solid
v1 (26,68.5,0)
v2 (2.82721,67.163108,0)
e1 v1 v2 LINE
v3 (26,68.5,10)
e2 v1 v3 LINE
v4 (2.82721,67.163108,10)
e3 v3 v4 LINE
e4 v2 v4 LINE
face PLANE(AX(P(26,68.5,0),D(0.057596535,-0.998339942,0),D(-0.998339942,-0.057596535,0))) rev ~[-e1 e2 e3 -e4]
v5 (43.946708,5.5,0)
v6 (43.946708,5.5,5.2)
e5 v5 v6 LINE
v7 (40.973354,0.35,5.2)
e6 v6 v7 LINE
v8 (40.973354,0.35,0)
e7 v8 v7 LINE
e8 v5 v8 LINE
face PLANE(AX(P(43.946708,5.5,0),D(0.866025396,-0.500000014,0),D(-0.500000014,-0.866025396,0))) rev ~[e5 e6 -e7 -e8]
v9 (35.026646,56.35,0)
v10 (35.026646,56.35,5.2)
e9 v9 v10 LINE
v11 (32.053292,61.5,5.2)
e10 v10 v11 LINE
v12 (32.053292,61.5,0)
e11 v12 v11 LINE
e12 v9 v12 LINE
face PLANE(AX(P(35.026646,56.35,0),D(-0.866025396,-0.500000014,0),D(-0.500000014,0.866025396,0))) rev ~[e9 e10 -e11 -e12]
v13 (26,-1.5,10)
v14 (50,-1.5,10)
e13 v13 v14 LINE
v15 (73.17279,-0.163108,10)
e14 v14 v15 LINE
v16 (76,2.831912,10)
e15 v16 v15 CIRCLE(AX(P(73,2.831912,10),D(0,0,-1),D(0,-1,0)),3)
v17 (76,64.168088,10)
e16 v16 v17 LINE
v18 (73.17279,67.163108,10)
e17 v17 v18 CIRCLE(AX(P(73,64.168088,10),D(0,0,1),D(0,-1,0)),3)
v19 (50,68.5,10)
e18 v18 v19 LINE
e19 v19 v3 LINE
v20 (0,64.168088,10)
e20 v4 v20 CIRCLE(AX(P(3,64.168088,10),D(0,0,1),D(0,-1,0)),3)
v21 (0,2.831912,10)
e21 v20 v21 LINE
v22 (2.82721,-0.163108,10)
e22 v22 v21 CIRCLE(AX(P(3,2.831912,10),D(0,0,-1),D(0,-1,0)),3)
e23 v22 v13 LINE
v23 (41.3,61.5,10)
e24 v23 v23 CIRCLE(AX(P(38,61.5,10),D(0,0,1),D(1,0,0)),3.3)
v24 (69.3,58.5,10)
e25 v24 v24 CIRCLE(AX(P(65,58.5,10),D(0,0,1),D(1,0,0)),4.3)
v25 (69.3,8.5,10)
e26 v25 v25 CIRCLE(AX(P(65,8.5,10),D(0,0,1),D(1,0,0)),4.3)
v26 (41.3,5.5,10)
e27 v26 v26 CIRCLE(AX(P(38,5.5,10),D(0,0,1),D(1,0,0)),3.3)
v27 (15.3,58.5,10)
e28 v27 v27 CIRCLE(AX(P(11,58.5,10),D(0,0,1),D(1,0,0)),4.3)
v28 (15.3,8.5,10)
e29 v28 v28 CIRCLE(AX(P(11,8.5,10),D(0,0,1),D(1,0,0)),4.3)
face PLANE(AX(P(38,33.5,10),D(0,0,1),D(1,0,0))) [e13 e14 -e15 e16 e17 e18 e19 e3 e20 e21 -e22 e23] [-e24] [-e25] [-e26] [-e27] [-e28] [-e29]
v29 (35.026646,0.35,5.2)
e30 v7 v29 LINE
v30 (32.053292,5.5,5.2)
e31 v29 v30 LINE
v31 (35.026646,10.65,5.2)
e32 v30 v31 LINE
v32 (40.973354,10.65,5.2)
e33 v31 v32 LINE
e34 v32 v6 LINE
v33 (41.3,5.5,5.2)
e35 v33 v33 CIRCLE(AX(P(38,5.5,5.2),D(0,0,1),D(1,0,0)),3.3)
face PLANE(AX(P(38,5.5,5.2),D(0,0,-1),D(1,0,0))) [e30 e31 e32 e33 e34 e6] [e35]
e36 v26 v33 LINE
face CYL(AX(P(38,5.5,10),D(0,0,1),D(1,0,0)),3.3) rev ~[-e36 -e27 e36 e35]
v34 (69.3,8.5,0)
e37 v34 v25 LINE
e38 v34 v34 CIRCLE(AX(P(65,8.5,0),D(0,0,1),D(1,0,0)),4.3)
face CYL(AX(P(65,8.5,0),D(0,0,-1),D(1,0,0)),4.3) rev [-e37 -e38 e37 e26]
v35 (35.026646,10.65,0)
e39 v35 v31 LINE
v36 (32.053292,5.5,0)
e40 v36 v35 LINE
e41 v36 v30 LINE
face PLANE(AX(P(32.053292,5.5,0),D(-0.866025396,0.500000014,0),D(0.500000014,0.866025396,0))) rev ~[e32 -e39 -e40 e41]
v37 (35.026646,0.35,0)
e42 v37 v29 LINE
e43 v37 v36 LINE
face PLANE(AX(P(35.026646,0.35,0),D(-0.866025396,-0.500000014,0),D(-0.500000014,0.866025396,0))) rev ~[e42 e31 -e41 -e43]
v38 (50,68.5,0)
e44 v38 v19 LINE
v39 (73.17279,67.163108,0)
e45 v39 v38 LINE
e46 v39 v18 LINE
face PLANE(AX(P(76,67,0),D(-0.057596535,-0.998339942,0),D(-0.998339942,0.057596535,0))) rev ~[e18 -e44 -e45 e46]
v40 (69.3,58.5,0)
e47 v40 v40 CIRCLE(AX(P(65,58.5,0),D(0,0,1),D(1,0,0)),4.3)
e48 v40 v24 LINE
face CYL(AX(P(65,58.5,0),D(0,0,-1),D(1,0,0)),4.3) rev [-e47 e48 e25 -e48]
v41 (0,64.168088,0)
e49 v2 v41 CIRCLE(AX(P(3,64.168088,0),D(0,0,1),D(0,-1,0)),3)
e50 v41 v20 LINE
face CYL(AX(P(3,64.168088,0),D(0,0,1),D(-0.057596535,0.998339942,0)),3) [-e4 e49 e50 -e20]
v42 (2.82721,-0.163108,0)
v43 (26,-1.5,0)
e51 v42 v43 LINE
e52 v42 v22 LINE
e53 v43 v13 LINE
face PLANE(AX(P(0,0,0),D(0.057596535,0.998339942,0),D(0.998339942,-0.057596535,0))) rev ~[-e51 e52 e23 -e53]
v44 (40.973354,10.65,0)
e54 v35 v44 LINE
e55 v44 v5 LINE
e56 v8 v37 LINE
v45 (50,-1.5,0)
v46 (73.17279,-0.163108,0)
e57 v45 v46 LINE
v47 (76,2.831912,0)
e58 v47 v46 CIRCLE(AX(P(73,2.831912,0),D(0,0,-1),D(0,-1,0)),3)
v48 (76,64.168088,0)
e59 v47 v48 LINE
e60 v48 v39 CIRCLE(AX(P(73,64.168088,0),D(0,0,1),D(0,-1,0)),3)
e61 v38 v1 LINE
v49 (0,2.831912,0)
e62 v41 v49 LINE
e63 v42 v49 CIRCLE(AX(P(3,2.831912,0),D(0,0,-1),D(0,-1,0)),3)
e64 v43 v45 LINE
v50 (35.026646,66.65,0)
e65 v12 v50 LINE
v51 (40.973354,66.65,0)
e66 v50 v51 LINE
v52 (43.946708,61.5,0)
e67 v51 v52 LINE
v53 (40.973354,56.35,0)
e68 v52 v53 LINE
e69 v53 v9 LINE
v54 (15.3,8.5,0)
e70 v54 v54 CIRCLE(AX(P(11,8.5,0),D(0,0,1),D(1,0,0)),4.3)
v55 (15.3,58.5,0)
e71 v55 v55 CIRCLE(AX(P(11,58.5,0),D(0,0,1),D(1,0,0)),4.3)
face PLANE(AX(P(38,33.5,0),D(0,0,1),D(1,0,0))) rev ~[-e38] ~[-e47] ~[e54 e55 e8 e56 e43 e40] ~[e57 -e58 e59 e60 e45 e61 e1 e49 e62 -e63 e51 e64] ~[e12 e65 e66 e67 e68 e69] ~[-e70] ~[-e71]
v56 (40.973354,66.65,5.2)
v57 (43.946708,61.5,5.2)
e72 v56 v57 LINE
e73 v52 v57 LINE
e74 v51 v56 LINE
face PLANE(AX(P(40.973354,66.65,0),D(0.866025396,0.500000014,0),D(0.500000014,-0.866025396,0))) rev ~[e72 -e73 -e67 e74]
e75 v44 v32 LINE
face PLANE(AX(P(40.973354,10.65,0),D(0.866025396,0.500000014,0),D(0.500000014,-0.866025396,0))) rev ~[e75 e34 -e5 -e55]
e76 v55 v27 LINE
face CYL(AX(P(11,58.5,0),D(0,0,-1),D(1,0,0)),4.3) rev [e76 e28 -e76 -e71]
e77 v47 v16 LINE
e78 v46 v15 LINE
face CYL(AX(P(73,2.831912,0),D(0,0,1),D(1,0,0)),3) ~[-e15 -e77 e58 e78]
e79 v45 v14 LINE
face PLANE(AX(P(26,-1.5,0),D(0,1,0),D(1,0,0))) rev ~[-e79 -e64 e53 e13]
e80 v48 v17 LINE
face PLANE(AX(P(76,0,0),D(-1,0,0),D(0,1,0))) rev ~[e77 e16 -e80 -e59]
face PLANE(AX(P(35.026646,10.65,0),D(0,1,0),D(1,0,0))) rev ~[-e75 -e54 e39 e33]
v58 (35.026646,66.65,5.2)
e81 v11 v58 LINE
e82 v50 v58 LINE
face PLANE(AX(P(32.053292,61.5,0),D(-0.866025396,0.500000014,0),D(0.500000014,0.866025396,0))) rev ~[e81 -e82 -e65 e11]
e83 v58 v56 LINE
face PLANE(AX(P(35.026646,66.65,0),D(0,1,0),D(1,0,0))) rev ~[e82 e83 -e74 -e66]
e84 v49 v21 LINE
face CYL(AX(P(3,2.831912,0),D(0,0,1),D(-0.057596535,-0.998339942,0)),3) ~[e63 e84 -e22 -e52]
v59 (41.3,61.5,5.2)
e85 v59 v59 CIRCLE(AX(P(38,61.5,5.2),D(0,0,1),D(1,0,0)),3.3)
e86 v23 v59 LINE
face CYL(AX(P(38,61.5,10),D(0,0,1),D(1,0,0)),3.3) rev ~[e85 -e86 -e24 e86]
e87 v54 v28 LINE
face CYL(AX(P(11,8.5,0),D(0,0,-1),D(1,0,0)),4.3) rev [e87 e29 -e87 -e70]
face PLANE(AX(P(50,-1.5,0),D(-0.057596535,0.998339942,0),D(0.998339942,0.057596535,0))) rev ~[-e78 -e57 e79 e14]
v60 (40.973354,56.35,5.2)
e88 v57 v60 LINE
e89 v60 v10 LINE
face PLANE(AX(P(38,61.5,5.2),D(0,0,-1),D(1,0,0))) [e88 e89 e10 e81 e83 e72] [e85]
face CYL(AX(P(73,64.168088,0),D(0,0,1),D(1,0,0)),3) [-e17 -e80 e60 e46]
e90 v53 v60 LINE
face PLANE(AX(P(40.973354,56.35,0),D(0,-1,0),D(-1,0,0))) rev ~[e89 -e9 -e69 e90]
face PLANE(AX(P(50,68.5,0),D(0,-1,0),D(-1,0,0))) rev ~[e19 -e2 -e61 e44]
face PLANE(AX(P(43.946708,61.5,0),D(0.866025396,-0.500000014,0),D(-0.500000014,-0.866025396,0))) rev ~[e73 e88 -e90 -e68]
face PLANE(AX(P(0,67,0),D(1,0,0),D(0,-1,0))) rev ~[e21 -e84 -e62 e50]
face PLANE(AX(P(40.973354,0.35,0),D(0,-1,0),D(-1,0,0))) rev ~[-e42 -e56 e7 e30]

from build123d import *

# Parameters (mm, degrees)
SKETCH_R        = 4.3
PAD_DEPTH       = 10
SKETCH001_R     = 3.3
POCKET_DEPTH    = 10.001
POCKET001_DEPTH = 5.2
FILLET_R        = 3


with BuildPart() as part:
    # Sketch → Pad (new body)
    with BuildSketch(Plane.XY):
        Polygon((76, 0), (76, 67), (50, 68.5), (26, 68.5), (0, 67), (0, 0), (26, -1.5), (50, -1.5), align=None)
        with Locations((11, 58.5)):
            Circle(SKETCH_R, mode=Mode.SUBTRACT)
        with Locations((65, 58.5)):
            Circle(SKETCH_R, mode=Mode.SUBTRACT)
        with Locations((65, 8.5)):
            Circle(SKETCH_R, mode=Mode.SUBTRACT)
        with Locations((11, 8.5)):
            Circle(SKETCH_R, mode=Mode.SUBTRACT)
    extrude(amount=PAD_DEPTH)

    # Sketch001 (on Face14 of Pad) → Pocket (cut, through all)
    with BuildSketch(Plane.XY.offset(10)):
        with Locations((38, 61.5)):
            Circle(SKETCH001_R)
        with Locations((38, 5.5)):
            Circle(SKETCH001_R)
    extrude(amount=-POCKET_DEPTH, mode=Mode.SUBTRACT)

    # Sketch002 (on Face4 of Pocket) → Pocket001 (cut)
    with BuildSketch(Plane(origin=(0, 0, 0), x_dir=(1, 0, 0), z_dir=(0, 0, -1))):
        Polygon((40.973354, -10.65), (43.946708, -5.5), (40.973354, -0.35), (35.026646, -0.35), (32.053292, -5.5), (35.026646, -10.65), align=None)
        Polygon((43.946708, -61.5), (40.973354, -56.35), (35.026646, -56.35), (32.053292, -61.5), (35.026646, -66.65), (40.973354, -66.65), align=None)
    extrude(amount=-POCKET001_DEPTH, mode=Mode.SUBTRACT)

    # Fillet
    fillet_edges = [part.edges().sort_by_distance(p)[0] for p in [
        (0, 67, 5),
        (0, 0, 5),
        (76, 0, 5),
        (76, 67, 5),
    ]]
    fillet(fillet_edges, radius=FILLET_R)


solid = part.part
